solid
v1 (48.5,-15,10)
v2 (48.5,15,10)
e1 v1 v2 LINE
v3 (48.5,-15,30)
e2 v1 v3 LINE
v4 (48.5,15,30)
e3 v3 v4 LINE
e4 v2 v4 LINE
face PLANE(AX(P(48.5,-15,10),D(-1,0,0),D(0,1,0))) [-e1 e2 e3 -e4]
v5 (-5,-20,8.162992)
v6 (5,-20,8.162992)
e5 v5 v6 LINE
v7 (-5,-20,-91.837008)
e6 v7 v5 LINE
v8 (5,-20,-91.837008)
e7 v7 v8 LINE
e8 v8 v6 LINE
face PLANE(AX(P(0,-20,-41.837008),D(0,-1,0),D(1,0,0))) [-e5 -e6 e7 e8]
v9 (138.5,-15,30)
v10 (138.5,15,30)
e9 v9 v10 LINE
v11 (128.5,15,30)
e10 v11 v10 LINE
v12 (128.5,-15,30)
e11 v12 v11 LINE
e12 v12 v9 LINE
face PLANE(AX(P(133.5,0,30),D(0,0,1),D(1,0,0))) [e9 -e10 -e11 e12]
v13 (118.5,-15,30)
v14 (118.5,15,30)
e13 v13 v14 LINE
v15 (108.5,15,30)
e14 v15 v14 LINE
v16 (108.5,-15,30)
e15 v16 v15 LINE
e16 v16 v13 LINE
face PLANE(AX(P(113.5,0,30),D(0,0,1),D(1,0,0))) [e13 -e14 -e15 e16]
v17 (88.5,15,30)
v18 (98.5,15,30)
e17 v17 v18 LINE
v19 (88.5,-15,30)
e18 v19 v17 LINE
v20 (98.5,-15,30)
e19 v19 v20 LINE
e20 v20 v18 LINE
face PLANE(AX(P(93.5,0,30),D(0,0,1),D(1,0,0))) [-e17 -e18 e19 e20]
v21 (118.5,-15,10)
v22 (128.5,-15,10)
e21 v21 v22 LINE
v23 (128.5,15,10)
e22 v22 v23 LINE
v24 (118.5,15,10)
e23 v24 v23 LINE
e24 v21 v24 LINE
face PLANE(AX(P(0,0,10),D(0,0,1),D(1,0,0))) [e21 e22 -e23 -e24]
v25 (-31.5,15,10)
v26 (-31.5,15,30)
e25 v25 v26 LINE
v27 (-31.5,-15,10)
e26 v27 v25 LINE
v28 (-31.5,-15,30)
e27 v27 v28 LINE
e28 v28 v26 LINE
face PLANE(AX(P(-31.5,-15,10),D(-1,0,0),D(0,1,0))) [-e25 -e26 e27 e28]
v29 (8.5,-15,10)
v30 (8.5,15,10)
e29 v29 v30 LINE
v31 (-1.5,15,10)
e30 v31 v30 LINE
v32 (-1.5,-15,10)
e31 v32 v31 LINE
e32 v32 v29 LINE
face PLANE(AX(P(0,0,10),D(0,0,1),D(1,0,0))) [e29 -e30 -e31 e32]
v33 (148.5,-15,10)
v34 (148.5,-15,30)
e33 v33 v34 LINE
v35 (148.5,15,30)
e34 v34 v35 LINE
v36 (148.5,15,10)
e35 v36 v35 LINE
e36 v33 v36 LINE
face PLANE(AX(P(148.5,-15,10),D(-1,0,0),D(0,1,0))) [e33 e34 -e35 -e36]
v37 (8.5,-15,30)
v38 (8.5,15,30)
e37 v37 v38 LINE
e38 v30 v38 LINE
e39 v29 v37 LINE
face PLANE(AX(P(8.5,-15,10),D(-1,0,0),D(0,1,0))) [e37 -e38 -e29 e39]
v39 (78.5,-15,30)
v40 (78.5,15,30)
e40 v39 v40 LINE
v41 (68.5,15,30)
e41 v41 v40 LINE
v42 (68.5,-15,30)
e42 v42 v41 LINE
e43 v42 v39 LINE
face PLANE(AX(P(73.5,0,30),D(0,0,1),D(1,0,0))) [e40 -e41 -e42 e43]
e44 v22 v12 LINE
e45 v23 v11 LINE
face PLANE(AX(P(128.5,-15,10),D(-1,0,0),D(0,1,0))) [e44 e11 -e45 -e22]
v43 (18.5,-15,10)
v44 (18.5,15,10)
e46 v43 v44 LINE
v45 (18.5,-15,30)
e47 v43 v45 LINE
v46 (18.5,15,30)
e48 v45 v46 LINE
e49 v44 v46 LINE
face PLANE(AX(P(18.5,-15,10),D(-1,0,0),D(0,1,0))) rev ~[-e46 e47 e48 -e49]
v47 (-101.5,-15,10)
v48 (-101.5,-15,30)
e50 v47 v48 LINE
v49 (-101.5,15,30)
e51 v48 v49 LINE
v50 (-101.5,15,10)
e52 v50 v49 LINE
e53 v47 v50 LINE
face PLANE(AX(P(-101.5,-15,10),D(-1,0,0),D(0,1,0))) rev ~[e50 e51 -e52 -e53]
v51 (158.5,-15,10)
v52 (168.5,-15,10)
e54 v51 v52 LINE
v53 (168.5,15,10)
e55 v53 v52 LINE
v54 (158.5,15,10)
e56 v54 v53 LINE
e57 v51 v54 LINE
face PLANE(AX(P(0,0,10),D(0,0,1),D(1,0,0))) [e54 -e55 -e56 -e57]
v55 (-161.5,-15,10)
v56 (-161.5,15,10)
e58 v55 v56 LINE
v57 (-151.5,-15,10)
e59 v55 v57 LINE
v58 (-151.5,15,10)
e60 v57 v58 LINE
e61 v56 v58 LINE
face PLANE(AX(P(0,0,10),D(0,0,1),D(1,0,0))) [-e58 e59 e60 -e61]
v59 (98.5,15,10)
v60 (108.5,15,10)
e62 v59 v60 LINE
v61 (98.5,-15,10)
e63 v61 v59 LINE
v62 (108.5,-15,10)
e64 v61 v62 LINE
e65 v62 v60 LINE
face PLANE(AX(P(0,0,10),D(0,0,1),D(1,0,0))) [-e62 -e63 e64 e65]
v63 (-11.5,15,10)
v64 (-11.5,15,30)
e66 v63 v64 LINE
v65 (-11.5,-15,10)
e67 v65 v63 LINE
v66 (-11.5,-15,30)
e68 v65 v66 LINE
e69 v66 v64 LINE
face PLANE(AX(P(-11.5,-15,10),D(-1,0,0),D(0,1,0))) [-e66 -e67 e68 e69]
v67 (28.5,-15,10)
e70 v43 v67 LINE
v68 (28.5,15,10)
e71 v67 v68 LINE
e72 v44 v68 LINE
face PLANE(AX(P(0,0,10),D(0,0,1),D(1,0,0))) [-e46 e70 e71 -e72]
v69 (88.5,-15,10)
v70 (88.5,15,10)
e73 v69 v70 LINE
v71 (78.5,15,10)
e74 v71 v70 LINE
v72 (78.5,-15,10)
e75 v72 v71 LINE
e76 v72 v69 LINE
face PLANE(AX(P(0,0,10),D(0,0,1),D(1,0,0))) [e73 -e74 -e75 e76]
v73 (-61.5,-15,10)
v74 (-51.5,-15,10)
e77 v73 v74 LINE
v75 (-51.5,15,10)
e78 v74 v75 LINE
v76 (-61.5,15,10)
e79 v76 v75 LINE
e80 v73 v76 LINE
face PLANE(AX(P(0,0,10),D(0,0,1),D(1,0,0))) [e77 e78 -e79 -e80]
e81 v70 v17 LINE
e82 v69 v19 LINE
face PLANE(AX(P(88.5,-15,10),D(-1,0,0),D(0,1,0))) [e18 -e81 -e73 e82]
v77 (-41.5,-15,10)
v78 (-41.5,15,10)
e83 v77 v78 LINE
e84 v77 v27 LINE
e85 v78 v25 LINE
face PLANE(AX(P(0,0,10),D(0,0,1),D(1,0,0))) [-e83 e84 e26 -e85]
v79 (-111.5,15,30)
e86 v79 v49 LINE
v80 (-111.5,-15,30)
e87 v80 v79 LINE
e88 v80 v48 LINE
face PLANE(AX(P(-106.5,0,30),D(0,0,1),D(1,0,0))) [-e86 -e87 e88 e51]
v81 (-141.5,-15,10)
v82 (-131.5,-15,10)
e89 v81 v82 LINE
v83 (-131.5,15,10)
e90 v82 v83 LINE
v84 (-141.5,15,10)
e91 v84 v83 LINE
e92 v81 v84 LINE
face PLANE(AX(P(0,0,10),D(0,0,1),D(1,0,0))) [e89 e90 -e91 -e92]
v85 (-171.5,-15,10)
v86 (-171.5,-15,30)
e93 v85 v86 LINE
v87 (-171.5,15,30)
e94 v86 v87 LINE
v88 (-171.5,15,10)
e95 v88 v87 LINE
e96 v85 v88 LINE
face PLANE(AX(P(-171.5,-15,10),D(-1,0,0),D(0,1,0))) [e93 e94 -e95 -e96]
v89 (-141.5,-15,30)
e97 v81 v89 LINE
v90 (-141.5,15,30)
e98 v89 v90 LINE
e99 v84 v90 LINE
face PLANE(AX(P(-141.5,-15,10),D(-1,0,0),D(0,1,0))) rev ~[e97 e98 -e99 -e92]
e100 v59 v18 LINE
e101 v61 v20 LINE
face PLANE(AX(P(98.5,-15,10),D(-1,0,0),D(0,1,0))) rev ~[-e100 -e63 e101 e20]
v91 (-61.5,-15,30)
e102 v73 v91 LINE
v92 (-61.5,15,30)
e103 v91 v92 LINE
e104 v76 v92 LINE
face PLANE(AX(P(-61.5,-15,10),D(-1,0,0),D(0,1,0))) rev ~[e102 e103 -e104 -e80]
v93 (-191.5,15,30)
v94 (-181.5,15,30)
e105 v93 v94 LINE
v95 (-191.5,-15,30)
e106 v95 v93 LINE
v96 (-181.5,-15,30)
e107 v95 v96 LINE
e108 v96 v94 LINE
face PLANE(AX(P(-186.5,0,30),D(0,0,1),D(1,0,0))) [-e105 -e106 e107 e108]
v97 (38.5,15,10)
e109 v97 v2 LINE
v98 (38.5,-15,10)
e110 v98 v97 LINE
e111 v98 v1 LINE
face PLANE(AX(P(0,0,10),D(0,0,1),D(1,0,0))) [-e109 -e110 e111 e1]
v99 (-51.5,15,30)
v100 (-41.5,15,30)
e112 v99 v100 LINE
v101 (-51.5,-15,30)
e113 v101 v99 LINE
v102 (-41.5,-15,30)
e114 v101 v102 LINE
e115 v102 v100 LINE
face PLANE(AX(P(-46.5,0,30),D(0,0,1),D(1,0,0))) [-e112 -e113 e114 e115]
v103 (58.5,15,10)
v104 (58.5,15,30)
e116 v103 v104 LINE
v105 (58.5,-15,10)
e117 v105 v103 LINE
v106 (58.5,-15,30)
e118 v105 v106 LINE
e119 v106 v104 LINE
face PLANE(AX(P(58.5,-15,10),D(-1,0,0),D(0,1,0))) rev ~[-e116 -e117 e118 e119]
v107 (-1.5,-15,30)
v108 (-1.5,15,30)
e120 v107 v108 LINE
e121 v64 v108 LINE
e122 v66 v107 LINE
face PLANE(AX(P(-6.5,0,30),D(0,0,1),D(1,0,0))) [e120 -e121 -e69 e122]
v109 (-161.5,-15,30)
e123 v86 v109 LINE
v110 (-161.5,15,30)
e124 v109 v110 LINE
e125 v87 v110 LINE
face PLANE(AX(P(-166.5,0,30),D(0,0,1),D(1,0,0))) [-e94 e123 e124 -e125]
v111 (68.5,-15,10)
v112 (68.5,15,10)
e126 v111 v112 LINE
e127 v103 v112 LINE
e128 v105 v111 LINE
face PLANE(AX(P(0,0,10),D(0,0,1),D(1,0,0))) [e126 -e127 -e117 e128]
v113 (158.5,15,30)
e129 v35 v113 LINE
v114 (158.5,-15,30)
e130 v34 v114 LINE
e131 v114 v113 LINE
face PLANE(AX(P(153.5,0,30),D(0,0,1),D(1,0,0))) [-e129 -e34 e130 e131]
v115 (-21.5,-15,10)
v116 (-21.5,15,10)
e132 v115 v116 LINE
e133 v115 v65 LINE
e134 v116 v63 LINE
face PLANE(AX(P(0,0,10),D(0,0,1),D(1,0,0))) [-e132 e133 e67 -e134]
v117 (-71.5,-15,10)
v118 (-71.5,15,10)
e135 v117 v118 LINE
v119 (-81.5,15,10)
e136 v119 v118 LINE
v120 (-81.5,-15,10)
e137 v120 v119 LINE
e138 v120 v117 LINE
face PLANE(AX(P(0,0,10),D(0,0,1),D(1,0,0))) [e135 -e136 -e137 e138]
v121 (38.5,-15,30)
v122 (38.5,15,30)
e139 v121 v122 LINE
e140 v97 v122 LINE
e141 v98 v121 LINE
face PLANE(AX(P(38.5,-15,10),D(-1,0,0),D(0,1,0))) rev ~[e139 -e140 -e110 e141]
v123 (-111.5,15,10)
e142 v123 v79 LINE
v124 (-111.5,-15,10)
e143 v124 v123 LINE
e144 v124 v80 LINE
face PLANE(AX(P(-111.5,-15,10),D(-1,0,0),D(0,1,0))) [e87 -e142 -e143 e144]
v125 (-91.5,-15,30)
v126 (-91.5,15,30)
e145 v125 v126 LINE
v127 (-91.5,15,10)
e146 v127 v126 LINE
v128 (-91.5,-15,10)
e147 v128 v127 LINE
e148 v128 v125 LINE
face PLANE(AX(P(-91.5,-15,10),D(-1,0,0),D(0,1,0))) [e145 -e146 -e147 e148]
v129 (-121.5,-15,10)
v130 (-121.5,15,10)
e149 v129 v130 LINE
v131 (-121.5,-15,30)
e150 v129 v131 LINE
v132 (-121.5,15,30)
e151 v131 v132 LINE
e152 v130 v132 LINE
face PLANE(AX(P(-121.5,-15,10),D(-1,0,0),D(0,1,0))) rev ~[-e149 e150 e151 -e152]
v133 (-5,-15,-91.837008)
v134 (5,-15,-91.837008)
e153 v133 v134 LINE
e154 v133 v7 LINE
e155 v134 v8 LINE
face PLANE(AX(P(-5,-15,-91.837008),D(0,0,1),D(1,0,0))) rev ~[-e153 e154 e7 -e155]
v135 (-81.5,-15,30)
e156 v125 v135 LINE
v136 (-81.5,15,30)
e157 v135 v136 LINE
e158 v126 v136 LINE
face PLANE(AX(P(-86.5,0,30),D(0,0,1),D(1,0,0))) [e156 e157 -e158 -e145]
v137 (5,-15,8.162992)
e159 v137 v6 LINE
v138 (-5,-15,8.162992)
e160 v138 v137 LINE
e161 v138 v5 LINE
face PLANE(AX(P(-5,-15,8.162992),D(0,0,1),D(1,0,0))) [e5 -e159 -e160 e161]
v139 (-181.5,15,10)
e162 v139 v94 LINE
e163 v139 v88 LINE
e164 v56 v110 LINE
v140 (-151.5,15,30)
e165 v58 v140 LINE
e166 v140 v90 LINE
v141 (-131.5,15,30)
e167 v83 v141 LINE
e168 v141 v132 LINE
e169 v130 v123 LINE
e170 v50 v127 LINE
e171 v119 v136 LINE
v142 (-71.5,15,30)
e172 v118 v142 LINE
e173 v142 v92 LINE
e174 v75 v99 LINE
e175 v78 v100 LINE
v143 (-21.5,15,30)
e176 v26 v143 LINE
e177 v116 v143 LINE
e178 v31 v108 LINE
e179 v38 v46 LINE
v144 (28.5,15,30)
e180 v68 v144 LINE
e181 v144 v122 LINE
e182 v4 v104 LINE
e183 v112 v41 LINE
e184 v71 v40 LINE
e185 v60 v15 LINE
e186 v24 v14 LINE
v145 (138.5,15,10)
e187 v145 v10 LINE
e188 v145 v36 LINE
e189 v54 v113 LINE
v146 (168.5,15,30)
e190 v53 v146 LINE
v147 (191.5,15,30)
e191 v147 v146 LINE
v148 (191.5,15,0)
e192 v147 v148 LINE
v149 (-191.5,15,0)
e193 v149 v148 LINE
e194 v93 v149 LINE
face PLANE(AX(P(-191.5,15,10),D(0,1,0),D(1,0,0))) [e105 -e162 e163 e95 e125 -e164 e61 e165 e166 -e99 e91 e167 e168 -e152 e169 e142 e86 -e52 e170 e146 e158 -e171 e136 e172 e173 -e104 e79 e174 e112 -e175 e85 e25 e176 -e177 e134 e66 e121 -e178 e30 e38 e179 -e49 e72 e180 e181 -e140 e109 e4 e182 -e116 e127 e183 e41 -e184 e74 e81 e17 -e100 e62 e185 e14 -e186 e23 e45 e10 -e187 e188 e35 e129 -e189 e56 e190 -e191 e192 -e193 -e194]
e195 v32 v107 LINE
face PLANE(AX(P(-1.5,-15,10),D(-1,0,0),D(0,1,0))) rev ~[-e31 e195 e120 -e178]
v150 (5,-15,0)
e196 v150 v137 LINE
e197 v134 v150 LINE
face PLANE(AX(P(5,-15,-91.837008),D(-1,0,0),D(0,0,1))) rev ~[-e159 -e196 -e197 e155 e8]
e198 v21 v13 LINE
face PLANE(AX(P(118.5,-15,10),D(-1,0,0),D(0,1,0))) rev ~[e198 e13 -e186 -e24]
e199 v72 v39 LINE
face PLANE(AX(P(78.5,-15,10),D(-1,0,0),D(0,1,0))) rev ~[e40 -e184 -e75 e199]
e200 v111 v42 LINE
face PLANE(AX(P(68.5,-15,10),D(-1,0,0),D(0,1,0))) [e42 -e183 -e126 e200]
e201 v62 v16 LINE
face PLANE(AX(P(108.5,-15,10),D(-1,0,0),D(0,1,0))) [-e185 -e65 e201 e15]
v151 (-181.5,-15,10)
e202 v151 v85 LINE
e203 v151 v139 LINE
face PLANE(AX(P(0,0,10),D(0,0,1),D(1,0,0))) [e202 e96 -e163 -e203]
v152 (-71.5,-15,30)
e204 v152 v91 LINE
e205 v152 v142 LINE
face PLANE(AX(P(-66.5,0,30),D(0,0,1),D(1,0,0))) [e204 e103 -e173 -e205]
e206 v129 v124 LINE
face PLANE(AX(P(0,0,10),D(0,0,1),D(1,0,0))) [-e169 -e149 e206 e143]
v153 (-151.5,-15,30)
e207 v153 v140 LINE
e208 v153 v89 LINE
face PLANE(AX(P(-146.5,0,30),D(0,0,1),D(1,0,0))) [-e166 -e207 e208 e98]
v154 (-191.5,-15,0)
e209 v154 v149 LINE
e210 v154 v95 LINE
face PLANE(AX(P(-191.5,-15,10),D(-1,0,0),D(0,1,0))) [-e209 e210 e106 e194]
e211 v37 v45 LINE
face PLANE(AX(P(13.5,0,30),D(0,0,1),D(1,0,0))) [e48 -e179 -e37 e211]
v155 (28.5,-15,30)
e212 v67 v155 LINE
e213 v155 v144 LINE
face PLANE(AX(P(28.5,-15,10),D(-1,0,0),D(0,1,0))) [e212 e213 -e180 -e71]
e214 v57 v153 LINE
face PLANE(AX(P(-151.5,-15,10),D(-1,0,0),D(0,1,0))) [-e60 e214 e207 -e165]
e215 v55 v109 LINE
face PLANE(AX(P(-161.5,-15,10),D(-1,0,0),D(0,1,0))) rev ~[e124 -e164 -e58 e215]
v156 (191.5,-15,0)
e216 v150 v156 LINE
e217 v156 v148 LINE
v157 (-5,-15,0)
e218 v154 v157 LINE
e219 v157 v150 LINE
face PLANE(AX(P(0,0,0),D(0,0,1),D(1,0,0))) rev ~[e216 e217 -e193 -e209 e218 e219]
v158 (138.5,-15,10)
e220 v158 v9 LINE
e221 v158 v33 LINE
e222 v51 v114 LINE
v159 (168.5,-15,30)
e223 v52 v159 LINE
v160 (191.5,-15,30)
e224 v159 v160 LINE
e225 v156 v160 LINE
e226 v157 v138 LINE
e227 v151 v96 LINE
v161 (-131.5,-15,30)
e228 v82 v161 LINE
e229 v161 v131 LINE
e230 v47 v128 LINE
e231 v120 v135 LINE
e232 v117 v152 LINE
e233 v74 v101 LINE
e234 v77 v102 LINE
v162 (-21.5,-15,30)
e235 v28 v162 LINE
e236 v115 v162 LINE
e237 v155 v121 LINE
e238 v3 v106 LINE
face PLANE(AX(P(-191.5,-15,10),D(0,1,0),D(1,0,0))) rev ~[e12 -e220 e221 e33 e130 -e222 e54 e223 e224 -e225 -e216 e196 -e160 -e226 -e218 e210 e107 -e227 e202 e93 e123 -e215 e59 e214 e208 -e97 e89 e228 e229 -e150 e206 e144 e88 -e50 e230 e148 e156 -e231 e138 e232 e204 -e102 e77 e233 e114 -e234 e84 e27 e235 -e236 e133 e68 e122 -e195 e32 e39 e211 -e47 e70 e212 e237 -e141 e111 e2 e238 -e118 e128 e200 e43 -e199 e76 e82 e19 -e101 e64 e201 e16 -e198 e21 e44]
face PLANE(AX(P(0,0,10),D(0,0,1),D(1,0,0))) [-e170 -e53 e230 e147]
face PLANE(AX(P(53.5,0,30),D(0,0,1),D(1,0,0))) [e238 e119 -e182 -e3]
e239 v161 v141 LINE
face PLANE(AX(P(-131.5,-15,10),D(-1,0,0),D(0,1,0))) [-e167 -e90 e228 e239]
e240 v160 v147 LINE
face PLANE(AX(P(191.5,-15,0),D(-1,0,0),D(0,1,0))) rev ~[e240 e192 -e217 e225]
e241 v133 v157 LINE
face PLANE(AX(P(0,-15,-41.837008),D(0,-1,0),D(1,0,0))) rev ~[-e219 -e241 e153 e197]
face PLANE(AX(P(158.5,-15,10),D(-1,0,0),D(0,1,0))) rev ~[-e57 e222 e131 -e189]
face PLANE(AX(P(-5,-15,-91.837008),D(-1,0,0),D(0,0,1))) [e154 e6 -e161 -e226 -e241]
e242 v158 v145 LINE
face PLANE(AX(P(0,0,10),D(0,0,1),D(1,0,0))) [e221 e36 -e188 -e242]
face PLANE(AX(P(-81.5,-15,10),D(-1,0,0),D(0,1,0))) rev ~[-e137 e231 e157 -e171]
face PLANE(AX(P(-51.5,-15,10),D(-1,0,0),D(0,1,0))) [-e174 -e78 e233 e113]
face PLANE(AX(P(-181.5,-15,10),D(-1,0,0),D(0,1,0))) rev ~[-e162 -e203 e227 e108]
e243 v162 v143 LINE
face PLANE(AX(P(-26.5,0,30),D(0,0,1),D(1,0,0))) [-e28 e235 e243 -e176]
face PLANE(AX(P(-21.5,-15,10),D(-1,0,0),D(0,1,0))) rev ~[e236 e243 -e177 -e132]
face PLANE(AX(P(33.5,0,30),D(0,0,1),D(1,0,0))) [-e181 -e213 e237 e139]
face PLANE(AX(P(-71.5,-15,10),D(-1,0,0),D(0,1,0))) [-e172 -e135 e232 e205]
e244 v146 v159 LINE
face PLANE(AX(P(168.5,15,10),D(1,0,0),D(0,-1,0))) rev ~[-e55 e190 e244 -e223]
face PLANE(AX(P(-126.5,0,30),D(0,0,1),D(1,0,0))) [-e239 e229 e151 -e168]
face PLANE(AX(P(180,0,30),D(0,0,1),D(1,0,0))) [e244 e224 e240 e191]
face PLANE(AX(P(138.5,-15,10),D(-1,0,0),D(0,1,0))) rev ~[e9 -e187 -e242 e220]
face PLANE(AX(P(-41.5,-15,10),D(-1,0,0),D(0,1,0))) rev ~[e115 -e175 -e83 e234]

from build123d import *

# Parameters (mm, degrees)
ESQUISSE1_W        = 383
ESQUISSE1_H        = 30
BOSS_EXTRU_1_DEPTH = 10
ESQUISSE2_W        = 10
ESQUISSE2_H        = 30
BOSS_EXTRU_2_DEPTH = 20
ESQUISSE3_W        = 10
ESQUISSE3_H        = 100
BOSS_EXTRU_3_DEPTH = 5


with BuildPart() as part:
    # Esquisse1 → Boss.-Extru.1 (new body)
    with BuildSketch(Plane.XY):
        Rectangle(ESQUISSE1_W, ESQUISSE1_H)
    extrude(amount=BOSS_EXTRU_1_DEPTH)

    # Esquisse2 → Boss.-Extru.2 (add)
    with BuildSketch(Plane.XY.offset(10)):
        with Locations((-186.5, 0)):
            Rectangle(ESQUISSE2_W, ESQUISSE2_H)
        with Locations((-166.5, 0)):
            Rectangle(ESQUISSE2_W, ESQUISSE2_H)
        with Locations((-146.5, 0)):
            Rectangle(ESQUISSE2_W, ESQUISSE2_H)
        with Locations((-126.5, 0)):
            Rectangle(ESQUISSE2_W, ESQUISSE2_H)
        with Locations((-106.5, 0)):
            Rectangle(ESQUISSE2_W, ESQUISSE2_H)
        with Locations((-86.5, 0)):
            Rectangle(ESQUISSE2_W, ESQUISSE2_H)
        with Locations((-66.5, 0)):
            Rectangle(ESQUISSE2_W, ESQUISSE2_H)
        with Locations((-46.5, 0)):
            Rectangle(ESQUISSE2_W, ESQUISSE2_H)
        with Locations((-26.5, 0)):
            Rectangle(ESQUISSE2_W, ESQUISSE2_H)
        with Locations((-6.5, 0)):
            Rectangle(ESQUISSE2_W, ESQUISSE2_H)
        with Locations((13.5, 0)):
            Rectangle(ESQUISSE2_W, ESQUISSE2_H)
        with Locations((33.5, 0)):
            Rectangle(ESQUISSE2_W, ESQUISSE2_H)
        with Locations((53.5, 0)):
            Rectangle(ESQUISSE2_W, ESQUISSE2_H)
        with Locations((73.5, 0)):
            Rectangle(ESQUISSE2_W, ESQUISSE2_H)
        with Locations((93.5, 0)):
            Rectangle(ESQUISSE2_W, ESQUISSE2_H)
        with Locations((113.5, 0)):
            Rectangle(ESQUISSE2_W, ESQUISSE2_H)
        with Locations((133.5, 0)):
            Rectangle(ESQUISSE2_W, ESQUISSE2_H)
        with Locations((153.5, 0)):
            Rectangle(ESQUISSE2_W, ESQUISSE2_H)
        Polygon((168.5, -15), (178.5, -15), (191.5, -15), (191.5, 15), (178.5, 15), (168.5, 15), align=None)
    extrude(amount=BOSS_EXTRU_2_DEPTH)

    # Esquisse3 → Boss.-Extru.3 (add)
    with BuildSketch(Plane.XZ.offset(15)):
        with Locations((0, -41.837008413)):
            Rectangle(ESQUISSE3_W, ESQUISSE3_H)
    extrude(amount=BOSS_EXTRU_3_DEPTH)


solid = part.part
